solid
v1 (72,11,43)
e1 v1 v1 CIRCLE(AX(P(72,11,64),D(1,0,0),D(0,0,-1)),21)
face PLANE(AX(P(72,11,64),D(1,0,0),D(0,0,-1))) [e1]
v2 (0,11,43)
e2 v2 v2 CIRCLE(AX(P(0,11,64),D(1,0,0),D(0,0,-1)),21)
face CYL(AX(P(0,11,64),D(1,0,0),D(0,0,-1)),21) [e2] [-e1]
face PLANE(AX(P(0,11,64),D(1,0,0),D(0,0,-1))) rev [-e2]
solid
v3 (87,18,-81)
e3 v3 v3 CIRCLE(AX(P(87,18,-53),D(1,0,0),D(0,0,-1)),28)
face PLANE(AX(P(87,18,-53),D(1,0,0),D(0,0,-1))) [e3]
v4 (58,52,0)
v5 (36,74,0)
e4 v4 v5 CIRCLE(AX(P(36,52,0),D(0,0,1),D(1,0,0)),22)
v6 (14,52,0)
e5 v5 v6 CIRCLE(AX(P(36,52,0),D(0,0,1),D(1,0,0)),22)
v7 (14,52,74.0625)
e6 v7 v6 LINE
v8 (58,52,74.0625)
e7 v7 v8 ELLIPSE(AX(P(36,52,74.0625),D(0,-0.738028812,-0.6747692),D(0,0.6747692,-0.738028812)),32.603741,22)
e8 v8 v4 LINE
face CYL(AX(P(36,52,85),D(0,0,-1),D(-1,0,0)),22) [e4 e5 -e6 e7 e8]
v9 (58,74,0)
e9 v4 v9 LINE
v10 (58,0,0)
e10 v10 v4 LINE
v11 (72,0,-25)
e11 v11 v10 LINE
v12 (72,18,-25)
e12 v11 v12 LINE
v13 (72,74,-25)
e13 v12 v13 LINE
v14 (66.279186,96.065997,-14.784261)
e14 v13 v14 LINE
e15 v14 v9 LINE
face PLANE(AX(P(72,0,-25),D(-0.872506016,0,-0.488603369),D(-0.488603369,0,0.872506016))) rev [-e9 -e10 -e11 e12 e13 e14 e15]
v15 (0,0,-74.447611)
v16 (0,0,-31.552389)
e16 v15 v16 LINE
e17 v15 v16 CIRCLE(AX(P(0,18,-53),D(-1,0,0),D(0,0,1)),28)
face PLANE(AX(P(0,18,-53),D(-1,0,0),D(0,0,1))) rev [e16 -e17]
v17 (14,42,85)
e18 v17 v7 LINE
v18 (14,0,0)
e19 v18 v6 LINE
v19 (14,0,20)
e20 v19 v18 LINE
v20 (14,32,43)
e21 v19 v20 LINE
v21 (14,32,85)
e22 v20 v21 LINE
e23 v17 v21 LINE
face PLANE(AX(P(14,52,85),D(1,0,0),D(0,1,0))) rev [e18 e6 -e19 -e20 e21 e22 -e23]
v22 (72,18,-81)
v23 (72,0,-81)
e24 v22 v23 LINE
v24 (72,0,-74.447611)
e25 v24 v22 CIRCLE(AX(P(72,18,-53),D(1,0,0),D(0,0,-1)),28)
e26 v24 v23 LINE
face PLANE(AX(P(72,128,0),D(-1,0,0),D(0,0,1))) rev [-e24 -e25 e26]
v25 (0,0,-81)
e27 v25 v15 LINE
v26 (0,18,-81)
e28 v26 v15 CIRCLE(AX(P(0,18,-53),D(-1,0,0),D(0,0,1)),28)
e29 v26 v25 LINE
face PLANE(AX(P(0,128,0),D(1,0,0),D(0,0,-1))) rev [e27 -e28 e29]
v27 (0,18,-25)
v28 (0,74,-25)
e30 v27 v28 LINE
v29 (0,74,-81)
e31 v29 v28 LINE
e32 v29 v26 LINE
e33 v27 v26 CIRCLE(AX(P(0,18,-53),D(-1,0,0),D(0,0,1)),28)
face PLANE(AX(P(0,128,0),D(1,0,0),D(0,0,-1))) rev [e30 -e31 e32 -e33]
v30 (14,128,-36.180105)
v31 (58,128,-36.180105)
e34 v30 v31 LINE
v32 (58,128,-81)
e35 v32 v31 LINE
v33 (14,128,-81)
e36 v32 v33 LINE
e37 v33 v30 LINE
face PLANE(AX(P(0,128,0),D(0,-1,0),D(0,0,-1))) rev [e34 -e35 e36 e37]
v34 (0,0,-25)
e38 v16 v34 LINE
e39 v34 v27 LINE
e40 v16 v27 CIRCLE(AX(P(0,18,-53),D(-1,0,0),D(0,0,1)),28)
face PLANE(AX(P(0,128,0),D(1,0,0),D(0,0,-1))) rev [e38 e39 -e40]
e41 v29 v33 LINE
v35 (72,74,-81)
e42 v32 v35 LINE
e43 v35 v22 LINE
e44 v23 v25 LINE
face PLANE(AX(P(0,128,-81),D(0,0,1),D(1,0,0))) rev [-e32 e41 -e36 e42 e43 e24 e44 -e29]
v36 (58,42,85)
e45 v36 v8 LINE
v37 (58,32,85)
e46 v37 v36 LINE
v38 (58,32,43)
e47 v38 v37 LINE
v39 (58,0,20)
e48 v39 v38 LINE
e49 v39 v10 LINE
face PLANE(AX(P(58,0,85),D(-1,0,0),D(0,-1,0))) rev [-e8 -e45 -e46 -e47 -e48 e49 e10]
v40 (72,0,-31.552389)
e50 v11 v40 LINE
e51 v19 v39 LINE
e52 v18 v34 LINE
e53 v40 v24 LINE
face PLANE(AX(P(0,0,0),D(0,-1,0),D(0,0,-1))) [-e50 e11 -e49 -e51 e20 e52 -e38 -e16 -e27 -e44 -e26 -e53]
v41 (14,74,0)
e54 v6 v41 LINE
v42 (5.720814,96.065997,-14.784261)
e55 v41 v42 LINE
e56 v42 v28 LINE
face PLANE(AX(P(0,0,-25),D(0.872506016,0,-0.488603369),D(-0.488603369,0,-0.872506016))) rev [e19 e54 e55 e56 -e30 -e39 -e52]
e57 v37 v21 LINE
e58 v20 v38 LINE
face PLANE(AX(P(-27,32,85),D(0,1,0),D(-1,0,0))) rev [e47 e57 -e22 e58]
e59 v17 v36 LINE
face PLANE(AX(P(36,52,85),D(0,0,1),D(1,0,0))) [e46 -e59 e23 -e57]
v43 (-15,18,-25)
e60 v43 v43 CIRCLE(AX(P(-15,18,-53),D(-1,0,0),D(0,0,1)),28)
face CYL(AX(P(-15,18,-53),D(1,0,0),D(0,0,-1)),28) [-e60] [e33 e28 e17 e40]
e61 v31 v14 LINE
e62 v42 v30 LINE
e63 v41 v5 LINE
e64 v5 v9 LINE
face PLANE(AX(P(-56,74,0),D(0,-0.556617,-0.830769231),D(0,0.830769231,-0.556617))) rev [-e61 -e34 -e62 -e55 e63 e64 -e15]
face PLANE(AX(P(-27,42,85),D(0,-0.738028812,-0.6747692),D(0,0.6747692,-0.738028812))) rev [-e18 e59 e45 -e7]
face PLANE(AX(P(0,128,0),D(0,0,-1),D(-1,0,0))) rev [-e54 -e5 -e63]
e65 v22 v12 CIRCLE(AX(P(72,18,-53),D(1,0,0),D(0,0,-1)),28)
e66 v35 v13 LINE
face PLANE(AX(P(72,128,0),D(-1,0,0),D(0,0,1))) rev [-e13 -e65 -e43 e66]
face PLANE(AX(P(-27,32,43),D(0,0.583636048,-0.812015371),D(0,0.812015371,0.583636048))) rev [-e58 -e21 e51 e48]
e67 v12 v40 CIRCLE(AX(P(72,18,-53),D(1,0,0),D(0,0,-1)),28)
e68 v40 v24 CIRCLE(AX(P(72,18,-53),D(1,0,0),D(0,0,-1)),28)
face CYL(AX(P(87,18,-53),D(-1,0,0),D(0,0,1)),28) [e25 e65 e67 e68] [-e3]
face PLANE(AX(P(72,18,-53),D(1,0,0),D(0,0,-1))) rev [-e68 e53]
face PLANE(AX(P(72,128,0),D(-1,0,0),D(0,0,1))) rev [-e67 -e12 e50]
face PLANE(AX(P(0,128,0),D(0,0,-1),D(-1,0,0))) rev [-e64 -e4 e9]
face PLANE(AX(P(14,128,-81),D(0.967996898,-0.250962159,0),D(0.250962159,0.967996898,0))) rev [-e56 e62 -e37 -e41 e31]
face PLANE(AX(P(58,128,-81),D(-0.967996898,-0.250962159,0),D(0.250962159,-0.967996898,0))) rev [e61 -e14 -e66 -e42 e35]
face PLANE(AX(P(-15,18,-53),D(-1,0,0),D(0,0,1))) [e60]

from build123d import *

# Parameters (mm, degrees)
SKETCH1_W           = 72
SKETCH1_H           = 81
BOSS_EXTRUDE1_DEPTH = 128
CUT_EXTRUDE1_DEPTH  = 129
CUT_EXTRUDE2_DEPTH  = 82
CUT_EXTRUDE3_DEPTH  = 128
SKETCH5_R           = 28
BOSS_EXTRUDE2_DEPTH = 15
SKETCH6_R           = 28
BOSS_EXTRUDE3_DEPTH = 15
BOSS_EXTRUDE4_DEPTH = 85
CUT_EXTRUDE4_DEPTH  = 85
SKETCH10_R          = 21
BOSS_EXTRUDE5_DEPTH = 72


with BuildPart() as part:
    # Sketch1 → Boss-Extrude1 (new body)
    with BuildSketch(Plane(origin=(0, 0, 0), x_dir=(1, 0, 0), z_dir=(0, 1, 0))):
        with Locations((36, 40.5)):
            Rectangle(SKETCH1_W, SKETCH1_H)
    extrude(amount=BOSS_EXTRUDE1_DEPTH)

    # Sketch2 → Cut-Extrude1 (cut, through all)
    with BuildSketch(Plane(origin=(0, 128, 0), x_dir=(1, 0, 0), z_dir=(0, 1, 0))):
        Polygon((72, 25), (58, 0), (72, 0), align=None)
        Polygon((14, 0), (0, 0), (0, 25), align=None)
    extrude(amount=-CUT_EXTRUDE1_DEPTH, mode=Mode.SUBTRACT)

    # Sketch3 → Cut-Extrude2 (cut, through all)
    with BuildSketch(Plane.XY):
        Polygon((58, 128), (72, 74), (72, 128), align=None)
        Polygon((14, 128), (0, 74), (0, 128), align=None)
    extrude(amount=-CUT_EXTRUDE2_DEPTH, mode=Mode.SUBTRACT)

    # Sketch4 → Cut-Extrude3 (cut)
    with BuildSketch(Plane(origin=(72, 0, 0), x_dir=(0, 0, -1), z_dir=(1, 0, 0))):
        Polygon((0, 74), (36.18010503, 128), (0, 128), align=None)
    extrude(amount=-CUT_EXTRUDE3_DEPTH, mode=Mode.SUBTRACT)

    # Sketch5 → Boss-Extrude2 (add)
    with BuildSketch(Plane(origin=(72, 0, 0), x_dir=(0, 0, -1), z_dir=(1, 0, 0))):
        with Locations((53, 18)):
            Circle(SKETCH5_R)
    extrude(amount=BOSS_EXTRUDE2_DEPTH)

    # Sketch6 → Boss-Extrude3 (add)
    with BuildSketch(Plane.ZY):
        with Locations(Location((-53, 18, 0), (0, 0, 180))):  # turned: the seam where the file's is
            Circle(SKETCH6_R)
    extrude(amount=BOSS_EXTRUDE3_DEPTH)

    # Sketch8 → Boss-Extrude4 (add)
    with BuildSketch(Plane.XY):
        with BuildLine():
            Line((14, 52), (14, 0))
            Line((14, 0), (58, 0))
            Line((58, 0), (58, 52))
            ThreePointArc((58, 52), (36, 74), (14, 52))
        make_face()
    extrude(amount=BOSS_EXTRUDE4_DEPTH)

    # Sketch9 → Cut-Extrude4 (cut)
    with BuildSketch(Plane(origin=(58, 0, 0), x_dir=(0, 0, -1), z_dir=(1, 0, 0))):
        Polygon((-85, 32), (-43, 32), (-20, 0), (-85, 0), align=None)
        Polygon((-85, 42), (-50, 74), (-85, 74), align=None)
    extrude(amount=-CUT_EXTRUDE4_DEPTH, mode=Mode.SUBTRACT)


with BuildPart() as body_2:
    # Sketch10 → Boss-Extrude5 (new body)
    with BuildSketch(Plane(origin=(72, 0, 0), x_dir=(0, 0, -1), z_dir=(1, 0, 0))):
        with Locations((-64, 11)):
            Circle(SKETCH10_R)
    extrude(amount=-BOSS_EXTRUDE5_DEPTH)


solid = Compound([part.part, body_2.part])
